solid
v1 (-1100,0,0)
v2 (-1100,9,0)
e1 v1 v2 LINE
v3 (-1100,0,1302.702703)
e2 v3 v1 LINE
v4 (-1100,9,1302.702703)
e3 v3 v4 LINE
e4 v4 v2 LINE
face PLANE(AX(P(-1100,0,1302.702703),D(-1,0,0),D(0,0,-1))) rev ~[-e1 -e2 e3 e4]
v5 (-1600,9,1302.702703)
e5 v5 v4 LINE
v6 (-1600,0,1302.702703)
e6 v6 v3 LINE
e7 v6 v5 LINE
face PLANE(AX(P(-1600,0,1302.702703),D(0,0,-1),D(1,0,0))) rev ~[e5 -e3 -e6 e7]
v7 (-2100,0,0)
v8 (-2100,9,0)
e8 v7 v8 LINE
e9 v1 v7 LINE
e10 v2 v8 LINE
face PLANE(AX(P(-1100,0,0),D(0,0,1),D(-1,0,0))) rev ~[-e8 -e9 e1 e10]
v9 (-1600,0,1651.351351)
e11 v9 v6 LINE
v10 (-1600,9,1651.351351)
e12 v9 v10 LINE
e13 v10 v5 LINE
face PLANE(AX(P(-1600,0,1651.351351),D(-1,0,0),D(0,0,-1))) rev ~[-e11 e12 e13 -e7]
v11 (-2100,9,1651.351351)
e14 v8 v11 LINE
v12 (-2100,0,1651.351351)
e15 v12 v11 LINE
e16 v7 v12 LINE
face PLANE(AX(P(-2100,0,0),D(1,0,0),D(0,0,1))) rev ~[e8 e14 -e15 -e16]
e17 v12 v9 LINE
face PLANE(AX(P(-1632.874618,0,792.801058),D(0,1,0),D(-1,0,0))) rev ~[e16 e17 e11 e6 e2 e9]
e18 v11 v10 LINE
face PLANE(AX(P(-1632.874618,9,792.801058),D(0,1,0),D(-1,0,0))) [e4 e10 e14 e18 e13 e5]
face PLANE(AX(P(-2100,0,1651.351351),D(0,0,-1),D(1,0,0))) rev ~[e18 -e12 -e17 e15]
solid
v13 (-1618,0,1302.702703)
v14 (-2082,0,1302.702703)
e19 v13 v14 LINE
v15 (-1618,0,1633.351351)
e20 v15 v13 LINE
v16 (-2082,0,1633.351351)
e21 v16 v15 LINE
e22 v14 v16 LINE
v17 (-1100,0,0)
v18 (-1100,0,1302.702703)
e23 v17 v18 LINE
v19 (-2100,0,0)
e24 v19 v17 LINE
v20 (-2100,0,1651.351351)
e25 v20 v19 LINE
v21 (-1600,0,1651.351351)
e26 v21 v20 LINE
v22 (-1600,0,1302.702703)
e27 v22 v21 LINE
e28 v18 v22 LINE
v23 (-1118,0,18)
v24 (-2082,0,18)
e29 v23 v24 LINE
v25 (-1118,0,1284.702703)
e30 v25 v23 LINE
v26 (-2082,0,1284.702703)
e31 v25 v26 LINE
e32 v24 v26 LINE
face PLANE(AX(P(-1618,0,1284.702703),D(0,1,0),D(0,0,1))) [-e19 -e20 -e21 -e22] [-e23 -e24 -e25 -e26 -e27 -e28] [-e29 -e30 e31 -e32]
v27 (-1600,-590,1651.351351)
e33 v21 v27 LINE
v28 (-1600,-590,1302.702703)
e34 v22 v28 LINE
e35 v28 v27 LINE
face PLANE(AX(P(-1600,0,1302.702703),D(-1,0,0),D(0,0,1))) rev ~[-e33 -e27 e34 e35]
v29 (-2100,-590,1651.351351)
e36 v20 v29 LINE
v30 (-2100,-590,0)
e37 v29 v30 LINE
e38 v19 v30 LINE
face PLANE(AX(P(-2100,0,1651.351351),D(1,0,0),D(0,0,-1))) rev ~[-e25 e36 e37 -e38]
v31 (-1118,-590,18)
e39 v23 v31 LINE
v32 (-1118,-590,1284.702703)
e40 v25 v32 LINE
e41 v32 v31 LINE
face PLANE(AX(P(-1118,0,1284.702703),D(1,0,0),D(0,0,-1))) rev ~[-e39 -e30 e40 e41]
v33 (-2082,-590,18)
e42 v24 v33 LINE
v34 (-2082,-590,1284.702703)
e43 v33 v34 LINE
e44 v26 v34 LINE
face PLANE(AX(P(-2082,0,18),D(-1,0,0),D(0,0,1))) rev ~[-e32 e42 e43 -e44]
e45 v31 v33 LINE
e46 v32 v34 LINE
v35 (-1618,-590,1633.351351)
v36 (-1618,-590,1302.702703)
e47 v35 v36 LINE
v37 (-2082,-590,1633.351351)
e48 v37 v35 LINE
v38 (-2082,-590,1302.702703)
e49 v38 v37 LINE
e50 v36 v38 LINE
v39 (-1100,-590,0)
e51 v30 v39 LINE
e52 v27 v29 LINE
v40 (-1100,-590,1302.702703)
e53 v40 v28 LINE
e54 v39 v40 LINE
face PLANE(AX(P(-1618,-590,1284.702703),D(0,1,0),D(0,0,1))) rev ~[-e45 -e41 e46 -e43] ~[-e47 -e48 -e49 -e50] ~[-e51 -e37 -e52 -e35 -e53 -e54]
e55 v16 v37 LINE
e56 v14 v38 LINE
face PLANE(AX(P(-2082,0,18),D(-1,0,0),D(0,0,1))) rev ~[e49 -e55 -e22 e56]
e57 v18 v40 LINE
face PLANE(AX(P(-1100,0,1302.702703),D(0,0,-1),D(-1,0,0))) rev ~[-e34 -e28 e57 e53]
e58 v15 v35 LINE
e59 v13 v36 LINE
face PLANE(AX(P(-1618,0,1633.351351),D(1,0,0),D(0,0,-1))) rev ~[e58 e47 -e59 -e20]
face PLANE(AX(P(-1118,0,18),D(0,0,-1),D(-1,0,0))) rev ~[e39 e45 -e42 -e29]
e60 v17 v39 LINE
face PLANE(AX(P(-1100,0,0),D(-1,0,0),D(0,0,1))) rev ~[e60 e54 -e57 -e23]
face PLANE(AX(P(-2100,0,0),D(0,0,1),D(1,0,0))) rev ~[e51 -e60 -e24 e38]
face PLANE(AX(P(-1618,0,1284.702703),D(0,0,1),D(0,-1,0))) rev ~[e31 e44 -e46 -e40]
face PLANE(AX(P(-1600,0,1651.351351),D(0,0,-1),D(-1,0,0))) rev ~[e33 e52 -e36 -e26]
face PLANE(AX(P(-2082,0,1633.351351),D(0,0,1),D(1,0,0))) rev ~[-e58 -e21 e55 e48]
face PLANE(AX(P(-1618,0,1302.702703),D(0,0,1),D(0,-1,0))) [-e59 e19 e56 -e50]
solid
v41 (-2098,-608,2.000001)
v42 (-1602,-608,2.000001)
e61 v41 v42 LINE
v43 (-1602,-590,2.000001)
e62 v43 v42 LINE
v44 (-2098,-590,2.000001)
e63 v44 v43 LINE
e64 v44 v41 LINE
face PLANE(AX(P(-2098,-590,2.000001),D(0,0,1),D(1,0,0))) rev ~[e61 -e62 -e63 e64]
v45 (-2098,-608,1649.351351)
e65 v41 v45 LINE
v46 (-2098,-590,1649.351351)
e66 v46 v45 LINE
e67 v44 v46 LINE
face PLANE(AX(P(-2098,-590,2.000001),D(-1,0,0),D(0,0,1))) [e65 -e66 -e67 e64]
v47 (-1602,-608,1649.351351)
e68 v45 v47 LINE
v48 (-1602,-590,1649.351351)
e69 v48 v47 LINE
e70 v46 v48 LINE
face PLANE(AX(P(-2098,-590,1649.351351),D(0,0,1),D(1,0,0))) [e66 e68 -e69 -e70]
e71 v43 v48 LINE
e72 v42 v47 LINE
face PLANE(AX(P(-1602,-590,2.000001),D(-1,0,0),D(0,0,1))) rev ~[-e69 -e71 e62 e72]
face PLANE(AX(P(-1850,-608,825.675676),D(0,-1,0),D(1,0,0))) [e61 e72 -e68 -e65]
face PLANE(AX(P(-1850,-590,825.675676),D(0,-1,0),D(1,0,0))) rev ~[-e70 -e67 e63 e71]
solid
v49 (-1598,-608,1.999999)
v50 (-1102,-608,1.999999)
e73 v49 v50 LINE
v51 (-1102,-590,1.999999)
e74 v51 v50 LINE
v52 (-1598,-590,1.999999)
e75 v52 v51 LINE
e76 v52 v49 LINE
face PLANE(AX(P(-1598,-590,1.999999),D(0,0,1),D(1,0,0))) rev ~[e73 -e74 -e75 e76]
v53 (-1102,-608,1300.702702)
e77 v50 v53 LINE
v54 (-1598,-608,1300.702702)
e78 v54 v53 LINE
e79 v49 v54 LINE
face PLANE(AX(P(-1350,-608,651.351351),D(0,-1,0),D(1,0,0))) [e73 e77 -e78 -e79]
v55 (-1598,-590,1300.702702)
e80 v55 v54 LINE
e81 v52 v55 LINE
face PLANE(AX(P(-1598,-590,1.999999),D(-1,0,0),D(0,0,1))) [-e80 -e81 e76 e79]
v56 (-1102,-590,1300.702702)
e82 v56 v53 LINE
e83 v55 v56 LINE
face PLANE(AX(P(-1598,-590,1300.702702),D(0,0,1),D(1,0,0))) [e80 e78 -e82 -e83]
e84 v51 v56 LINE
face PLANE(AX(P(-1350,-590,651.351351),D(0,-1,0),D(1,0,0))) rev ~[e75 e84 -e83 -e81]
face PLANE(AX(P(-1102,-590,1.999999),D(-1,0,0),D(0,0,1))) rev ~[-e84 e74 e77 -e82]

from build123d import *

# Parameters (mm, degrees)
F1_DEPTH = 590
F2_W     = 590
F2_H     = 18
F3_DEPTH = 464
F5_DEPTH = 9
F6_W     = 496
F6_H     = 1647.351351
F7_DEPTH = 18
F8_W     = 496
F8_H     = 1298.702703
F9_DEPTH = 18


with BuildPart() as f1:
    # F0 (on Front) → F1 (new body)
    with BuildSketch(Plane.XZ):
        Polygon((-2100, 1651.351351), (-2100, 0), (-1100, 0), (-1100, 1302.702703), (-1600, 1302.702703), (-1600, 1651.351351), align=None)
        Polygon((-1618, 1633.351351), (-1618, 1284.702703), (-1118, 1284.702703), (-1118, 18), (-2082, 18), (-2082, 1633.351351), align=None, mode=Mode.SUBTRACT)
    extrude(amount=F1_DEPTH)

    # F2 (on face) → F3 (join, through all)
    with BuildSketch(Plane(origin=(-1618, 0, 0), x_dir=(0, -1, 0), z_dir=(-1, 0, 0))):
        with Locations((295, 1293.702703)):
            Rectangle(F2_W, F2_H)
    extrude(amount=F3_DEPTH)


with BuildPart() as f5:
    # F4 (on face) → F5 (new body)
    with BuildSketch(Plane(origin=(0, 0, 0), x_dir=(-1, 0, 0), z_dir=(0, 1, 0))):
        Polygon((1100, 1302.702703), (1100, 0), (2100, 0), (2100, 1651.351351), (1600, 1651.351351), (1600, 1302.702703), align=None)
    extrude(amount=F5_DEPTH)


with BuildPart() as f7:
    # F6 (on face) → F7 (new body)
    with BuildSketch(Plane.XZ.offset(590)):
        with Locations((-1850, 825.675676)):
            Rectangle(F6_W, F6_H)
    extrude(amount=F7_DEPTH)


with BuildPart() as f9:
    # F8 (on face) → F9 (new body)
    with BuildSketch(Plane.XZ.offset(590)):
        with Locations((-1350, 651.351351)):
            Rectangle(F8_W, F8_H)
    extrude(amount=F9_DEPTH)


solid = Compound([f1.part, f5.part, f7.part, f9.part])
